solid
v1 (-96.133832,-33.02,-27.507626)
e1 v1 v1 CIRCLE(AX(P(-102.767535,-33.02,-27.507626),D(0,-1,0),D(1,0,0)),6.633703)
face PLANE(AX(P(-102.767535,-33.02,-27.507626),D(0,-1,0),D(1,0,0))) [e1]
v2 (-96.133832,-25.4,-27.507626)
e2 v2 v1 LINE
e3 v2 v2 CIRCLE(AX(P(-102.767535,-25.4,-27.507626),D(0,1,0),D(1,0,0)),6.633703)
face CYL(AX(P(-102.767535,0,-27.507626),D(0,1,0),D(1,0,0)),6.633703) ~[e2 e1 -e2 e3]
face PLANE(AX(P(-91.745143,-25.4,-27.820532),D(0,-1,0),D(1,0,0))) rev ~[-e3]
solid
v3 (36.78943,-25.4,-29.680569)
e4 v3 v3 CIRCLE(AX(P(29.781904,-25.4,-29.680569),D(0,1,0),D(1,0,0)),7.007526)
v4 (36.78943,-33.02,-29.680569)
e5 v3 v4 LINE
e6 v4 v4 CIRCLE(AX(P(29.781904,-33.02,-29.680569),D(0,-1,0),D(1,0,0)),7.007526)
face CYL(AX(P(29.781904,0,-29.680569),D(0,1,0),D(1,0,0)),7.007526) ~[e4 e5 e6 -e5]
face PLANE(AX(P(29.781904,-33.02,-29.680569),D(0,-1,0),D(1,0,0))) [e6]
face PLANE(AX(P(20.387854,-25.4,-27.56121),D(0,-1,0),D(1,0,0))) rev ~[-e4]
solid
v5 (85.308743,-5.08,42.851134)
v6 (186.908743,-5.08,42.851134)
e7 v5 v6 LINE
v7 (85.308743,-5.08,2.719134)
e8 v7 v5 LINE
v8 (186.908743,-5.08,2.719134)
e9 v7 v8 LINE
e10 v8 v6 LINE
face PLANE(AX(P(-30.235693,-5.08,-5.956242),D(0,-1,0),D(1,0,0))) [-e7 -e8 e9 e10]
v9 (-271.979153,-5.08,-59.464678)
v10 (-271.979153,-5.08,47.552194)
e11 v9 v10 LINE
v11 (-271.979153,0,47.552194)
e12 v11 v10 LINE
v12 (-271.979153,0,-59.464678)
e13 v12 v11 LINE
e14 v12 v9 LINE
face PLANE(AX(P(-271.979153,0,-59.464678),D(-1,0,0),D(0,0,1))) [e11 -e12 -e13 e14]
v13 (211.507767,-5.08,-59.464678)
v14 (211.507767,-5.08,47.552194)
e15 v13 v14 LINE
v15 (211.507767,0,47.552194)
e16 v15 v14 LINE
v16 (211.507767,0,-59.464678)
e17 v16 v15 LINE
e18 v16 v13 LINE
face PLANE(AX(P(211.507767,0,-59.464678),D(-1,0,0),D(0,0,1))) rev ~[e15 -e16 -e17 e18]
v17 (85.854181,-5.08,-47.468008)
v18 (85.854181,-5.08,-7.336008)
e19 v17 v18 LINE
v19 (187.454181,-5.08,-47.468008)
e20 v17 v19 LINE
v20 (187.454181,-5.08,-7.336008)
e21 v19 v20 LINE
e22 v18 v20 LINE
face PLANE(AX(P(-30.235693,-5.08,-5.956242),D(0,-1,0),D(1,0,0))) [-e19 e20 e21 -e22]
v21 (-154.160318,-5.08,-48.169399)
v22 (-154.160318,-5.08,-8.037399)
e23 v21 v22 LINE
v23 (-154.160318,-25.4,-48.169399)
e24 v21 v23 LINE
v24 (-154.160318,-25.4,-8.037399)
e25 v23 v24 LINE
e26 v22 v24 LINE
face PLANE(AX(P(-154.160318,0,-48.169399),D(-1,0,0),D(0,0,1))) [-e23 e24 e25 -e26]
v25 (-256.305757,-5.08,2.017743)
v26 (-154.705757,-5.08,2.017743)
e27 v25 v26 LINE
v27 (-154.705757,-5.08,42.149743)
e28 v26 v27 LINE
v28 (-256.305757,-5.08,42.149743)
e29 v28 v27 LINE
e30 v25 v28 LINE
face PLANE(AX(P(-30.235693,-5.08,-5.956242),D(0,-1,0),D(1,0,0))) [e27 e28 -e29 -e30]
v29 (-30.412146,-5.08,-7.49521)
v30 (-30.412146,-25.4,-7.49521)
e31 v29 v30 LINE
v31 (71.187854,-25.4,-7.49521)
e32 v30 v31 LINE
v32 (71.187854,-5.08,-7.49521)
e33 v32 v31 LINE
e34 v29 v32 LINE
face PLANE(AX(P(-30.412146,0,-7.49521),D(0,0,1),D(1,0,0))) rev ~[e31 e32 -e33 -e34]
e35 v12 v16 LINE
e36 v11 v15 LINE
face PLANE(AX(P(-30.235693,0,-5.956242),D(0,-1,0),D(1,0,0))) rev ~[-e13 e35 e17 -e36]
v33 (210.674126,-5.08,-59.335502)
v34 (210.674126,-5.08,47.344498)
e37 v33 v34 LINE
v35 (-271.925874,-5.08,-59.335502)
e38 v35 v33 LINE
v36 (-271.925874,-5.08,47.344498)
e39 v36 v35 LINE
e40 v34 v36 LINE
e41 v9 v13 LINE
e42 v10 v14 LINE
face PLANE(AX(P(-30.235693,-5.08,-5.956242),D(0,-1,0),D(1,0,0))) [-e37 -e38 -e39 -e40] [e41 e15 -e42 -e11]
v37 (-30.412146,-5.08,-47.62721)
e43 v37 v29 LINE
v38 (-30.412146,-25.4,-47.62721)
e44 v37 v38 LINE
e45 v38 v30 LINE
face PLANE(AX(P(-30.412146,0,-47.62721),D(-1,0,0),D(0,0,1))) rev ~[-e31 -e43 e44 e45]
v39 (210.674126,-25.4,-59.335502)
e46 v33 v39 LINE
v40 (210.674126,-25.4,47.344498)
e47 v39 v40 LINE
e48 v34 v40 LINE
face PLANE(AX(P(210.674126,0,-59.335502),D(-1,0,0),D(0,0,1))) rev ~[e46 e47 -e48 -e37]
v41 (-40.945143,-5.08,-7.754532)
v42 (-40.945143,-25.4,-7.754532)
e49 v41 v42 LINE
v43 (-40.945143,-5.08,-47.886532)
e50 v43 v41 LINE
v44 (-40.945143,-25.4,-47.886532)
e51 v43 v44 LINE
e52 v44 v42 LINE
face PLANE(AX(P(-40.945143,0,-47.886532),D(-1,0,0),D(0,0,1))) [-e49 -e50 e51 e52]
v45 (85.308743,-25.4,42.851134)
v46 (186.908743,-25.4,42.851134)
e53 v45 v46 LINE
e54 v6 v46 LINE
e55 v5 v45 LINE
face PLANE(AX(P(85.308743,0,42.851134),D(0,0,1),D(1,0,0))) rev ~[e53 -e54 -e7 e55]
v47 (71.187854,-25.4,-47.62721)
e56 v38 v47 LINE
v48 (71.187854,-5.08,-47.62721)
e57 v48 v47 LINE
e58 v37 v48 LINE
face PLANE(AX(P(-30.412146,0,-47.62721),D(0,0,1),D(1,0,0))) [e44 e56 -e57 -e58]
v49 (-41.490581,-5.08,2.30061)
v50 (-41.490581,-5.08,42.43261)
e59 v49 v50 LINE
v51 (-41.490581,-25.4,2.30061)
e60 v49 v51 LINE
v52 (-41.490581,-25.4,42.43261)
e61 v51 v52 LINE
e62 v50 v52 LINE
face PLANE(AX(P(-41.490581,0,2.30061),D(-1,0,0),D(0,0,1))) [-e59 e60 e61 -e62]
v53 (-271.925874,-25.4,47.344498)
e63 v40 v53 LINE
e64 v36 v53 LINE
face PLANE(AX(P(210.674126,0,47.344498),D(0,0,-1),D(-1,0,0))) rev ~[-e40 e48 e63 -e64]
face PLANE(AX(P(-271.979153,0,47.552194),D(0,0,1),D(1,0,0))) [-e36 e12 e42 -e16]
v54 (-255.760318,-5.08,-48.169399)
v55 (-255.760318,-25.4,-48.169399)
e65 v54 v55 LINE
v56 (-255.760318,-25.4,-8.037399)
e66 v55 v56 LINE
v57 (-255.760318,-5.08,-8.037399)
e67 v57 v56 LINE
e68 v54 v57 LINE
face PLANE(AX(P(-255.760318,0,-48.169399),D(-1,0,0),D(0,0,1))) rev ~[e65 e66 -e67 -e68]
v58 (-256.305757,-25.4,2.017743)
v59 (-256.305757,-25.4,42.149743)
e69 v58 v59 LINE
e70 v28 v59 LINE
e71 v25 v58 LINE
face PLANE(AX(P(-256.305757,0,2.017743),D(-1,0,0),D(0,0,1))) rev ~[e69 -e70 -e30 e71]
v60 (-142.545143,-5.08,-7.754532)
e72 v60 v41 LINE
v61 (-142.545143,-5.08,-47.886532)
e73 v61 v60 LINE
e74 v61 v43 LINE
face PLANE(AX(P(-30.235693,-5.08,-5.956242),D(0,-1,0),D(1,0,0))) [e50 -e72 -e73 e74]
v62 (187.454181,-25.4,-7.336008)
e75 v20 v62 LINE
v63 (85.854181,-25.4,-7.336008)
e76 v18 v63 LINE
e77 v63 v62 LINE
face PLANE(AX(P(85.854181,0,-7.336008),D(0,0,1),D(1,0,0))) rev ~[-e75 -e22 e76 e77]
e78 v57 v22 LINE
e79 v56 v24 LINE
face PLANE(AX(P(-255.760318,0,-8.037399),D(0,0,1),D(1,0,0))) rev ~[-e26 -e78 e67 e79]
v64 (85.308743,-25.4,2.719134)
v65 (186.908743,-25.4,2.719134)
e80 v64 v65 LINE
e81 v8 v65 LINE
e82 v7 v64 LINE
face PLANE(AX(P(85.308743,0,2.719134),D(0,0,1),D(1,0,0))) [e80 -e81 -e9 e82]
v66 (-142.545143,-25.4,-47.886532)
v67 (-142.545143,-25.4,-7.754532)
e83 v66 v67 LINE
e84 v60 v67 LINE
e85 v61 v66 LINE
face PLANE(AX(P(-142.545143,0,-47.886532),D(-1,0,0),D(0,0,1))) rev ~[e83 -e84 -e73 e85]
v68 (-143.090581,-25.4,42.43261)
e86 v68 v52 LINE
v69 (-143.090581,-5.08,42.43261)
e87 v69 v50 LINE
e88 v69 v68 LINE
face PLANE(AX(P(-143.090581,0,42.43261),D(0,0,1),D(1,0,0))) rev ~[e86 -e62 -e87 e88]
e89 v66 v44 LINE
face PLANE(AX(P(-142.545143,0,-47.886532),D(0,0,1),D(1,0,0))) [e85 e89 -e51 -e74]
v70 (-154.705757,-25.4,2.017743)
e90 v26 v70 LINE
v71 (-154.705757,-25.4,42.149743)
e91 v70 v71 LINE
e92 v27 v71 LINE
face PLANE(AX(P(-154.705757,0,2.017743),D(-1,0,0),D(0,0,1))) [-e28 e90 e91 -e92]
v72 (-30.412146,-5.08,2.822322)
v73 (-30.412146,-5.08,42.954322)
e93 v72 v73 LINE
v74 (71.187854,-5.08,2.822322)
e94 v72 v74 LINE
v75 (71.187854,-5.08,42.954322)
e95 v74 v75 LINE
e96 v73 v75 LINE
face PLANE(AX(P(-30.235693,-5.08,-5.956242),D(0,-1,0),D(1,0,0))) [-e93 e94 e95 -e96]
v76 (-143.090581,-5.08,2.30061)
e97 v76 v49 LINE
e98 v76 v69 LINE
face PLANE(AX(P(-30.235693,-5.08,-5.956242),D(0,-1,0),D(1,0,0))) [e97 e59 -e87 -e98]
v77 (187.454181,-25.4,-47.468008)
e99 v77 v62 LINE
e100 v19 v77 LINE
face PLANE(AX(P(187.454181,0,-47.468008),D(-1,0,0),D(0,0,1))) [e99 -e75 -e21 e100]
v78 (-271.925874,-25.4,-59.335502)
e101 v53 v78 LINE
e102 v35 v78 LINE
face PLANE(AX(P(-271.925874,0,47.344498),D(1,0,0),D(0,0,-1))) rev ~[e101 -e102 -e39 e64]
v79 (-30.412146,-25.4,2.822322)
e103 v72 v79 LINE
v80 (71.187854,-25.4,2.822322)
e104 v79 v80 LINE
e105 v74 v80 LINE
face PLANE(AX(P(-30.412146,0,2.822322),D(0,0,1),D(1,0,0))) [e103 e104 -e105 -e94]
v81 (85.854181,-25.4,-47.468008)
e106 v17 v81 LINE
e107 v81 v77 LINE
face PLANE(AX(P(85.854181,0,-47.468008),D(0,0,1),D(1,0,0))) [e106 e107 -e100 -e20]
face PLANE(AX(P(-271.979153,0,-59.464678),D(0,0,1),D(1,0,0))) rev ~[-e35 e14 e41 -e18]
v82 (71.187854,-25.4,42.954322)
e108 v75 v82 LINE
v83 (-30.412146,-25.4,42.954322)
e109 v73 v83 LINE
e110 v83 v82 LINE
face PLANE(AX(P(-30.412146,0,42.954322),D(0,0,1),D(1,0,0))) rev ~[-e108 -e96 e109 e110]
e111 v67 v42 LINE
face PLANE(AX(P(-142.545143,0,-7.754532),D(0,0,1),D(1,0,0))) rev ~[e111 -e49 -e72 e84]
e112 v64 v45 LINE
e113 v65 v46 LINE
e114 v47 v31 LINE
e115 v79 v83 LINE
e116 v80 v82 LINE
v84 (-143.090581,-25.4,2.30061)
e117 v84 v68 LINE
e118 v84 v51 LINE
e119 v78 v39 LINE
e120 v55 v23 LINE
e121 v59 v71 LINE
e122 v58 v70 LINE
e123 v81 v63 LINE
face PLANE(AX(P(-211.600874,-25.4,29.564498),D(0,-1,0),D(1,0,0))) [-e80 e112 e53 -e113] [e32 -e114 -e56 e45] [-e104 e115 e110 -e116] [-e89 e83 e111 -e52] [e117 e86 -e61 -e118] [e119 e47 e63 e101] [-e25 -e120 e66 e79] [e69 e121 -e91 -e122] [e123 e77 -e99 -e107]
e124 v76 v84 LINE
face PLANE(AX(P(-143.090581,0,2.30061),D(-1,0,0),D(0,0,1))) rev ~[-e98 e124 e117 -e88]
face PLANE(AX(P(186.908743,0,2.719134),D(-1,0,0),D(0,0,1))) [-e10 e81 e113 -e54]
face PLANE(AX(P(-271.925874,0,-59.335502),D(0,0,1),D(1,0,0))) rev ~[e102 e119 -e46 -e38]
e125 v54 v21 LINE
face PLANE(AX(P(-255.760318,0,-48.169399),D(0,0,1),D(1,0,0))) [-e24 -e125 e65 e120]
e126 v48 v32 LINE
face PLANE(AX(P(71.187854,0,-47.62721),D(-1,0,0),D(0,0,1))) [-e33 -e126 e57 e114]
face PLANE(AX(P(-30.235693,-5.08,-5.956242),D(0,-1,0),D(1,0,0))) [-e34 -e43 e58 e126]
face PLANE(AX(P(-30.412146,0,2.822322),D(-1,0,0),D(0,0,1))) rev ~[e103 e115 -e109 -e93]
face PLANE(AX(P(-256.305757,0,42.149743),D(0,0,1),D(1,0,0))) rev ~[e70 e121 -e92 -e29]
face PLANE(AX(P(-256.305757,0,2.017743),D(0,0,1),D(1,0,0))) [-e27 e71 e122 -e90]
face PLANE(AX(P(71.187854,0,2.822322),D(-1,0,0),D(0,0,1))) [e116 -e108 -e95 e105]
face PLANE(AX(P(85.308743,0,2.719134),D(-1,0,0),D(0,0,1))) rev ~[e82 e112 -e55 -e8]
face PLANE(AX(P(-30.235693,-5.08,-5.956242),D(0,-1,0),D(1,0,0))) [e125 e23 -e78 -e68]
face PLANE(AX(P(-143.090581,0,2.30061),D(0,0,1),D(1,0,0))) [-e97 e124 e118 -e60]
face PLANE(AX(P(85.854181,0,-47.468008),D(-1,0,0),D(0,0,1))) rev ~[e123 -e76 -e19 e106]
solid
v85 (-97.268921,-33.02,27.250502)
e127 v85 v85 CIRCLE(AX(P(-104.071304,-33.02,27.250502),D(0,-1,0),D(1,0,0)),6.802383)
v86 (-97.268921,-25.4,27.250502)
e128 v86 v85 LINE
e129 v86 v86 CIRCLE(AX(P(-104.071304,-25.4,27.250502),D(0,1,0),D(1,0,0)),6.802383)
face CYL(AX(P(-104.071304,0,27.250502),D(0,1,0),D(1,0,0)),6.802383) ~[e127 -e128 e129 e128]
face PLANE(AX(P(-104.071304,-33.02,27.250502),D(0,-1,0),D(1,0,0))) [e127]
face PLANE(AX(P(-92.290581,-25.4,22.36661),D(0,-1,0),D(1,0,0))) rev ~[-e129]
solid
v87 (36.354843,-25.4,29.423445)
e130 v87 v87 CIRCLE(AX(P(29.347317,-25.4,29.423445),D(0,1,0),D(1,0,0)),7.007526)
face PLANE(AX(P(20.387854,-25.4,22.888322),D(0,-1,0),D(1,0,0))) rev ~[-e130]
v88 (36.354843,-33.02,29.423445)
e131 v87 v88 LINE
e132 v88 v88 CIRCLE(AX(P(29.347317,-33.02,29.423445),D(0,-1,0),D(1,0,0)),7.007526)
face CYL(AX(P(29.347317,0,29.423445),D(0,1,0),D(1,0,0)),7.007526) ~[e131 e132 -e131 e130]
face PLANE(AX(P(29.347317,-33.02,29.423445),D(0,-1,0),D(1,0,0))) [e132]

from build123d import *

# Parameters (mm, degrees)
F0_W     = 120.65
F0_H     = 35.56
F1_DEPTH = 25.4
F3_D     = 25.4
F4_R     = 6.8023832056
F5_DEPTH = 33.02
F4_R_2   = 6.6337025735
F4_R_3   = 7.0075257305
F4_R_4   = 7.0075264236
F6_W     = 101.6
F6_H     = 40.132
F7_DEPTH = 25.4
F8_W     = 483.4869205952
F8_H     = 107.0168726146
F9_DEPTH = 5.08


with BuildPart() as f1:
    # F0 (on Front) → F1 (new body)
    with BuildSketch(Plane.XZ):
        with Locations((-211.6008736181, 29.5644977273)):
            Rectangle(F0_W, F0_H)
        with Locations((150.3491263819, 29.5644977273)):
            Rectangle(F0_W, F0_H)
        Polygon((-30.6258736181, 47.3444977273), (-151.2758736181, 47.3444977273), (-151.2758736181, 11.7844977273), (-151.0068327188, 11.7844977273), (-30.6258736181, 11.7844977273), align=None)
        Polygon((-151.2758736181, 11.7844977273), (-271.9258736181, 11.7844977273), (-271.9258736181, -23.7755022727), (-151.4414250851, -23.7755022727), (-151.2758736181, -23.7755022727), align=None)
        with Locations((29.6991263819, 29.5644977273)):
            Rectangle(F0_W, F0_H)
        Polygon((-151.4414250851, -23.7755022727), (-271.9258736181, -23.7755022727), (-271.9258736181, -59.3355022727), (-151.2758736181, -59.3355022727), (-151.2758736181, -23.7755022727), align=None)
        Polygon((210.6741263819, 11.7844977273), (90.0241263819, 11.7844977273), (90.0241263819, -23.7755022727), (90.0241263819, -59.3355022727), (210.6741263819, -59.3355022727), align=None)
        Polygon((89.7550880909, -23.7755022727), (-30.6258736181, -23.7755022727), (-30.6258736181, -59.3355022727), (90.0241263819, -59.3355022727), (90.0241263819, -23.7755022727), align=None)
        Polygon((-30.6388696337, -23.7755022727), (-151.2758736181, -23.7755022727), (-151.2758736181, -59.3355022727), (-30.6258736181, -59.3355022727), (-30.6258736181, -23.7755022727), align=None)
        Polygon((-151.0068327188, 11.7844977273), (-151.2758736181, 11.7844977273), (-151.2758736181, -23.7755022727), (-30.6388696337, -23.7755022727), (-30.6258736181, 11.7844977273), align=None)
        Polygon((90.0241263819, 11.7844977273), (-30.6258736181, 11.7844977273), (-30.6258736181, -23.7755022727), (89.7550880909, -23.7755022727), (90.0241263819, -23.7755022727), align=None)
        Polygon((-30.6258736181, -23.7755022727), (-30.6258736181, 11.7844977273), (-30.6388696337, -23.7755022727), align=None)
    extrude(amount=F1_DEPTH)

    # F3 (through all)
    with Locations(Plane(origin=(0, 0, 0), x_dir=(1, 0, 0), z_dir=(0, 1, 0))):
        with Locations((-103.6367118359, -26.6269370914), (-103.2021194696, 27.6966020465), (28.912730515, -29.2344670743), (28.912730515, 29.8695452511)):
            Hole(F3_D / 2)


with BuildPart() as f5:
    # F4 (on Front) → F5 (new body)
    with BuildSketch(Plane.XZ):
        with Locations((-104.0713042021, 27.2505022585)):
            Circle(F4_R)
    extrude(amount=F5_DEPTH)


with BuildPart() as f5b:
    # F4 (on Front) → F5, piece 2 (new body)
    with BuildSketch(Plane.XZ):
        with Locations((-102.767534554, -27.5076255202)):
            Circle(F4_R_2)
    extrude(amount=F5_DEPTH)


with BuildPart() as f5c:
    # F4 (on Front) → F5, piece 3 (new body)
    with BuildSketch(Plane.XZ):
        with Locations((29.3473172933, 29.4234454632)):
            Circle(F4_R_3)
    extrude(amount=F5_DEPTH)


with BuildPart() as f5d:
    # F4 (on Front) → F5, piece 4 (new body)
    with BuildSketch(Plane.XZ):
        with Locations((29.7819040716, -29.6805687249)):
            Circle(F4_R_4)
    extrude(amount=F5_DEPTH)


with BuildPart() as f7_tool:
    # F6 (on Front) → F7 (new body)
    with BuildSketch(Plane.XZ):
        with Locations((-92.2905808866, 22.3666099455)):
            Rectangle(F6_W, F6_H)
        with Locations((-91.7451425076, -27.8205318)):
            Rectangle(F6_W, F6_H)
        with Locations((20.3878538132, 22.8883219507)):
            Rectangle(F6_W, F6_H)
        with Locations((20.3878538132, -27.5612100404)):
            Rectangle(F6_W, F6_H)
        with Locations((136.1087430269, 22.7851342034)):
            Rectangle(F6_W, F6_H)
        with Locations((136.6541814059, -27.4020075422)):
            Rectangle(F6_W, F6_H)
        with Locations((-205.5057566613, 22.0837430652)):
            Rectangle(F6_W, F6_H)
        with Locations((-204.9603182822, -28.1033986803)):
            Rectangle(F6_W, F6_H)
    extrude(amount=F7_DEPTH)


with BuildPart() as f1_1:
    add(f1.part)

    # F7: cut by f7_tool
    add(f7_tool.part, mode=Mode.SUBTRACT)

    # F8 (on Front) → F9 (join)
    with BuildSketch(Plane.XZ):
        with Locations((-30.2356928587, -5.956241861)):
            Rectangle(F8_W, F8_H)
    extrude(amount=F9_DEPTH)


with BuildPart() as f5_1:
    add(f5.part)

    # F7: cut by f7_tool
    add(f7_tool.part, mode=Mode.SUBTRACT)


with BuildPart() as f5b_1:
    add(f5b.part)

    # F7: cut by f7_tool
    add(f7_tool.part, mode=Mode.SUBTRACT)


with BuildPart() as f5c_1:
    add(f5c.part)

    # F7: cut by f7_tool
    add(f7_tool.part, mode=Mode.SUBTRACT)


with BuildPart() as f5d_1:
    add(f5d.part)

    # F7: cut by f7_tool
    add(f7_tool.part, mode=Mode.SUBTRACT)


solid = Compound([f1_1.part, f5_1.part, f5b_1.part, f5c_1.part, f5d_1.part])
